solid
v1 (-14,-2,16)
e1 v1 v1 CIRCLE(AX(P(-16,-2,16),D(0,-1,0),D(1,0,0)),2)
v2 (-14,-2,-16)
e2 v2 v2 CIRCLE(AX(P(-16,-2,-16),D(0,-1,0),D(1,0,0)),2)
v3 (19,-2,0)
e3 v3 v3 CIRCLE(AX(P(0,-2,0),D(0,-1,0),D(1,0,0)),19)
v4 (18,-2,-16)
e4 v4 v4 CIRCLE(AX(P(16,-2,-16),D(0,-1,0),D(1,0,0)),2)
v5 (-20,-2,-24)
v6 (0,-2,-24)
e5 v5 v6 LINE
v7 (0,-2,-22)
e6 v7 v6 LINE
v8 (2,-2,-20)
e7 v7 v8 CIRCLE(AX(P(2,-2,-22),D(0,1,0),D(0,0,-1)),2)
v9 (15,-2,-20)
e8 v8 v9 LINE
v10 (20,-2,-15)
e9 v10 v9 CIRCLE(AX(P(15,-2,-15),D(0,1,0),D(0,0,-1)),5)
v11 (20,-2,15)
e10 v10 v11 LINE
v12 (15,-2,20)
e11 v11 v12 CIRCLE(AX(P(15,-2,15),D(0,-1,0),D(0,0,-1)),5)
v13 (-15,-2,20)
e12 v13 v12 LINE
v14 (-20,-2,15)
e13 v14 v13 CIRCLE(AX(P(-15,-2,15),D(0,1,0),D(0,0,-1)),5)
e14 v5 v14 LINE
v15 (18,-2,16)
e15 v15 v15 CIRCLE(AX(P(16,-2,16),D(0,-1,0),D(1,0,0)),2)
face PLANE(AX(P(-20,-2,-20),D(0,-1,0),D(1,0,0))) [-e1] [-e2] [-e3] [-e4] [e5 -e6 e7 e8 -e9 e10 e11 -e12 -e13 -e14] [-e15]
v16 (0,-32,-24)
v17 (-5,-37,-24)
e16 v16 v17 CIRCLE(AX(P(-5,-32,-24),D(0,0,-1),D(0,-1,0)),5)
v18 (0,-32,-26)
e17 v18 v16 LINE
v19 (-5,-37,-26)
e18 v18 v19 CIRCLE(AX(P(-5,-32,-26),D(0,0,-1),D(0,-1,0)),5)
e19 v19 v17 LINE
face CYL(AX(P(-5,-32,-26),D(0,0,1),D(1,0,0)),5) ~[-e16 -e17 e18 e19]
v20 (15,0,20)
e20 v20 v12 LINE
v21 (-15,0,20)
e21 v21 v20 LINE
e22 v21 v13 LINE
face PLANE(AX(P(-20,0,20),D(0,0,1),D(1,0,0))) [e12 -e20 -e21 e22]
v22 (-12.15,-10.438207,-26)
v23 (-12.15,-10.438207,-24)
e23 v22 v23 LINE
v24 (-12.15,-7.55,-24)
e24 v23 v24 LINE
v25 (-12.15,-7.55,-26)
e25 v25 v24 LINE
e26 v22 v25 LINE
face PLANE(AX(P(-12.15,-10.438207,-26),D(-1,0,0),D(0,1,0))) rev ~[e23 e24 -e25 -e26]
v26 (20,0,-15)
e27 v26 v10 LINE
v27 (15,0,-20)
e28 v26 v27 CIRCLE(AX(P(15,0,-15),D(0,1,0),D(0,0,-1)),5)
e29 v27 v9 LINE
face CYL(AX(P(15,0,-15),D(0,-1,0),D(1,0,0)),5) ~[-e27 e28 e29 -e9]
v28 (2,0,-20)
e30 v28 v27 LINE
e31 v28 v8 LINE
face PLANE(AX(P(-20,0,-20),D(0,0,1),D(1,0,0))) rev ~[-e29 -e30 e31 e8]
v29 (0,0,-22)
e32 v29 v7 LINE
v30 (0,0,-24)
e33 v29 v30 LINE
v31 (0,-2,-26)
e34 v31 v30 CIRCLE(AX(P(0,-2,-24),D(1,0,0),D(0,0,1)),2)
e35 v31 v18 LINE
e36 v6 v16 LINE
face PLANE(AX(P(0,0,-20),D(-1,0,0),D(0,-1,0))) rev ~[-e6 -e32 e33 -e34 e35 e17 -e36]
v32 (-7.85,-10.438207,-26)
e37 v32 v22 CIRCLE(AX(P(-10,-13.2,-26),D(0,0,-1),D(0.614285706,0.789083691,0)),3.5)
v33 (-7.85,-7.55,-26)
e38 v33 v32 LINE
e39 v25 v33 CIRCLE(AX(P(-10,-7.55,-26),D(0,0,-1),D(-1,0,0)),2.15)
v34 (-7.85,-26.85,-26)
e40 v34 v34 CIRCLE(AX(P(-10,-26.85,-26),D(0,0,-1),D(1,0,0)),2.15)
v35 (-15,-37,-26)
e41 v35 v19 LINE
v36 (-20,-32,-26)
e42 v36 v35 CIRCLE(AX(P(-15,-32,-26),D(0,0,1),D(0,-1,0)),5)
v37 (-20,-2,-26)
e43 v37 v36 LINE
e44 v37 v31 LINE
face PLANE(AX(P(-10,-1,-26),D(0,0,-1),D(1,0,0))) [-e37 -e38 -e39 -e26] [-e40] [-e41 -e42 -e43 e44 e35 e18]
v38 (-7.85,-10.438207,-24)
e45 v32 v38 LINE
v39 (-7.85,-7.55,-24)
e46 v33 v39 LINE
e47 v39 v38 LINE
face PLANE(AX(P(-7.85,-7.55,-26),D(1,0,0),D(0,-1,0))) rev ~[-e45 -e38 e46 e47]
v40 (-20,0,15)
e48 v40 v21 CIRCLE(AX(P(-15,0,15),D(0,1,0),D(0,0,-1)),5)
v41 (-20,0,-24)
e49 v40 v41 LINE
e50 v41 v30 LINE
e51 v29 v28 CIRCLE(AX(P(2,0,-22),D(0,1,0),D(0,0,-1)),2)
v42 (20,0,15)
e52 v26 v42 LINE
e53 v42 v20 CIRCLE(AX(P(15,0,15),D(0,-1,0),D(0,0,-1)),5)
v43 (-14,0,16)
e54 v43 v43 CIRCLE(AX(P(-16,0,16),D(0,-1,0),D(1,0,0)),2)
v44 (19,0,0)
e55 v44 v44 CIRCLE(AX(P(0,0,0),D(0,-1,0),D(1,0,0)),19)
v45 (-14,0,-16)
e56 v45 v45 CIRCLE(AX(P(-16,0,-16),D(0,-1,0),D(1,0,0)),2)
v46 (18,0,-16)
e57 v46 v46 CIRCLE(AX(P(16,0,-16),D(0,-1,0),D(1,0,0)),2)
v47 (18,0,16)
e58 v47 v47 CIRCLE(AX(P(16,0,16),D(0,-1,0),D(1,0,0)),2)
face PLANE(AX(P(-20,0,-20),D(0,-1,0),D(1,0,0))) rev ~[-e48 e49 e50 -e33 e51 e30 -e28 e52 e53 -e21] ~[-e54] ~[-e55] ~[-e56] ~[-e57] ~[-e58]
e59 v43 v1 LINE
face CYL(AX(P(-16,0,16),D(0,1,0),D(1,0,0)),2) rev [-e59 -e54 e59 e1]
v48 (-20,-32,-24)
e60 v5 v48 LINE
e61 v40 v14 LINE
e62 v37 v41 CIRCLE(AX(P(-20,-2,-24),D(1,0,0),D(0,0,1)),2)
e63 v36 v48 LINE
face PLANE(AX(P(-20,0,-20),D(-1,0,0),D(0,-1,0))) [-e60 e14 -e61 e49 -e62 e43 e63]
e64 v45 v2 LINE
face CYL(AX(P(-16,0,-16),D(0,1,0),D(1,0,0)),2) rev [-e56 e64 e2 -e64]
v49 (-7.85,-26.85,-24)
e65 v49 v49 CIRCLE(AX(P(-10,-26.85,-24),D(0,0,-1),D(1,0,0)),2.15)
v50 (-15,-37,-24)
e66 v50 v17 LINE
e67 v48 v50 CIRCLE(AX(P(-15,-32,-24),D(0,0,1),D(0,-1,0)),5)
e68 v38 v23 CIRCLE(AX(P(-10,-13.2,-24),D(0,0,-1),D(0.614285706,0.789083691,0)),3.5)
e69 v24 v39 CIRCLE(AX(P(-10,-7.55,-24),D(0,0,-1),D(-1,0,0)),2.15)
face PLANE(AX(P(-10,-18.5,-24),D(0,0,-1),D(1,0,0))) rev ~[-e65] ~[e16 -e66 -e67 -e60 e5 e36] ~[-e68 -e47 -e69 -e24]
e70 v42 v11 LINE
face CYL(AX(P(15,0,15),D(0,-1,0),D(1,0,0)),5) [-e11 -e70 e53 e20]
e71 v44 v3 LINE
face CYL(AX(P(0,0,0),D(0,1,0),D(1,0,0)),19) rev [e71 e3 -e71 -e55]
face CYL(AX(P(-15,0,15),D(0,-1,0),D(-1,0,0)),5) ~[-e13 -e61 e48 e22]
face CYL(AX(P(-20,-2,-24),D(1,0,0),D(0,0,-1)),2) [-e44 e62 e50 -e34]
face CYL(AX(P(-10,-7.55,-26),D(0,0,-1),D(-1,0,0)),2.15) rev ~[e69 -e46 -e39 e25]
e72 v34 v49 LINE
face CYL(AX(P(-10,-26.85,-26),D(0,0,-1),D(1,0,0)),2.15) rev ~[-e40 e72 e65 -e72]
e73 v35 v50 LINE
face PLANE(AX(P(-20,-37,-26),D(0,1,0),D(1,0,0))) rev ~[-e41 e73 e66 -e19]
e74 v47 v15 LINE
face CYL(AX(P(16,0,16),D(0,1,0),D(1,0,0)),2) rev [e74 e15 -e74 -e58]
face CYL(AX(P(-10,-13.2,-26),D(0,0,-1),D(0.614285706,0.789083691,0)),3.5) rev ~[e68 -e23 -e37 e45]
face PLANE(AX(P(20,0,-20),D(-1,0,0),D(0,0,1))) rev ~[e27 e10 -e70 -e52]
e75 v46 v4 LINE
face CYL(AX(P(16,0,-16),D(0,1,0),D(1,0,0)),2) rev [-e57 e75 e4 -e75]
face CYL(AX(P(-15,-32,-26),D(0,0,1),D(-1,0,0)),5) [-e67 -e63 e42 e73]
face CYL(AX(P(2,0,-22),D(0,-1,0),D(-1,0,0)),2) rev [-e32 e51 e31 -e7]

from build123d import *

# Parameters (mm, degrees)
F0_W     = 40
F0_H     = 40
F0_R     = 2
F0_R_2   = 19
F1_DEPTH = 2
F2_W     = 20
F2_H     = 2
F3_DEPTH = 6
F4_W     = 20
F4_H     = 37
F5_DEPTH = 2
F6_R     = 5
F7_R     = 2.15
F8_DEPTH = 3
F9_R     = 2


with BuildPart() as f1:
    # F0 (on Front) → F1 (new body)
    with BuildSketch(Plane.XZ):
        Rectangle(F0_W, F0_H)
        with Locations((-16, -16)):
            Circle(F0_R, mode=Mode.SUBTRACT)
        with Locations((16, -16)):
            Circle(F0_R, mode=Mode.SUBTRACT)
        with Locations((-16, 16)):
            Circle(F0_R, mode=Mode.SUBTRACT)
        Circle(F0_R_2, mode=Mode.SUBTRACT)
        with Locations((16, 16)):
            Circle(F0_R, mode=Mode.SUBTRACT)
    extrude(amount=F1_DEPTH)

    # F2 (on face) → F3 (join)
    with BuildSketch(Plane(origin=(0, 0, -20), x_dir=(1, 0, 0), z_dir=(0, 0, -1))):
        with Locations((-10, 1)):
            Rectangle(F2_W, F2_H)
    extrude(amount=F3_DEPTH)

    # F4 (on face) → F5 (join)
    with BuildSketch(Plane(origin=(0, 0, -26), x_dir=(1, 0, 0), z_dir=(0, 0, -1))):
        with Locations((-10, 18.5)):
            Rectangle(F4_W, F4_H)
    extrude(amount=-F5_DEPTH)

    # F6
    f6_edges = [f1.edges().sort_by_distance(p)[0] for p in [
        (20, -1, -20),
        (20, -1, 20),
        (-20, -1, 20),
        (-20, -37, -25),
        (0, -37, -25),
    ]]
    fillet(f6_edges, radius=F6_R)

    # F7 (on face) → F8 (cut)
    with BuildSketch(Plane(origin=(0, 0, -26), x_dir=(1, 0, 0), z_dir=(0, 0, -1))):
        with Locations((-10, 26.85)):
            Circle(F7_R)
        with BuildLine():
            Line((-12.15, 10.438207), (-12.15, 7.55))
            ThreePointArc((-12.15, 7.55), (-10, 5.4), (-7.85, 7.55))
            Line((-7.85, 7.55), (-7.85, 10.438207))
            ThreePointArc((-7.85, 10.438207), (-10, 16.7), (-12.15, 10.438207))
        make_face()
    extrude(amount=-F8_DEPTH, mode=Mode.SUBTRACT)

    # F9
    f9_edges = [f1.edges().sort_by_distance(p)[0] for p in [
        (0, -1, -20),
        (-10, 0, -26),
    ]]
    fillet(f9_edges, radius=F9_R)


solid = f1.part
